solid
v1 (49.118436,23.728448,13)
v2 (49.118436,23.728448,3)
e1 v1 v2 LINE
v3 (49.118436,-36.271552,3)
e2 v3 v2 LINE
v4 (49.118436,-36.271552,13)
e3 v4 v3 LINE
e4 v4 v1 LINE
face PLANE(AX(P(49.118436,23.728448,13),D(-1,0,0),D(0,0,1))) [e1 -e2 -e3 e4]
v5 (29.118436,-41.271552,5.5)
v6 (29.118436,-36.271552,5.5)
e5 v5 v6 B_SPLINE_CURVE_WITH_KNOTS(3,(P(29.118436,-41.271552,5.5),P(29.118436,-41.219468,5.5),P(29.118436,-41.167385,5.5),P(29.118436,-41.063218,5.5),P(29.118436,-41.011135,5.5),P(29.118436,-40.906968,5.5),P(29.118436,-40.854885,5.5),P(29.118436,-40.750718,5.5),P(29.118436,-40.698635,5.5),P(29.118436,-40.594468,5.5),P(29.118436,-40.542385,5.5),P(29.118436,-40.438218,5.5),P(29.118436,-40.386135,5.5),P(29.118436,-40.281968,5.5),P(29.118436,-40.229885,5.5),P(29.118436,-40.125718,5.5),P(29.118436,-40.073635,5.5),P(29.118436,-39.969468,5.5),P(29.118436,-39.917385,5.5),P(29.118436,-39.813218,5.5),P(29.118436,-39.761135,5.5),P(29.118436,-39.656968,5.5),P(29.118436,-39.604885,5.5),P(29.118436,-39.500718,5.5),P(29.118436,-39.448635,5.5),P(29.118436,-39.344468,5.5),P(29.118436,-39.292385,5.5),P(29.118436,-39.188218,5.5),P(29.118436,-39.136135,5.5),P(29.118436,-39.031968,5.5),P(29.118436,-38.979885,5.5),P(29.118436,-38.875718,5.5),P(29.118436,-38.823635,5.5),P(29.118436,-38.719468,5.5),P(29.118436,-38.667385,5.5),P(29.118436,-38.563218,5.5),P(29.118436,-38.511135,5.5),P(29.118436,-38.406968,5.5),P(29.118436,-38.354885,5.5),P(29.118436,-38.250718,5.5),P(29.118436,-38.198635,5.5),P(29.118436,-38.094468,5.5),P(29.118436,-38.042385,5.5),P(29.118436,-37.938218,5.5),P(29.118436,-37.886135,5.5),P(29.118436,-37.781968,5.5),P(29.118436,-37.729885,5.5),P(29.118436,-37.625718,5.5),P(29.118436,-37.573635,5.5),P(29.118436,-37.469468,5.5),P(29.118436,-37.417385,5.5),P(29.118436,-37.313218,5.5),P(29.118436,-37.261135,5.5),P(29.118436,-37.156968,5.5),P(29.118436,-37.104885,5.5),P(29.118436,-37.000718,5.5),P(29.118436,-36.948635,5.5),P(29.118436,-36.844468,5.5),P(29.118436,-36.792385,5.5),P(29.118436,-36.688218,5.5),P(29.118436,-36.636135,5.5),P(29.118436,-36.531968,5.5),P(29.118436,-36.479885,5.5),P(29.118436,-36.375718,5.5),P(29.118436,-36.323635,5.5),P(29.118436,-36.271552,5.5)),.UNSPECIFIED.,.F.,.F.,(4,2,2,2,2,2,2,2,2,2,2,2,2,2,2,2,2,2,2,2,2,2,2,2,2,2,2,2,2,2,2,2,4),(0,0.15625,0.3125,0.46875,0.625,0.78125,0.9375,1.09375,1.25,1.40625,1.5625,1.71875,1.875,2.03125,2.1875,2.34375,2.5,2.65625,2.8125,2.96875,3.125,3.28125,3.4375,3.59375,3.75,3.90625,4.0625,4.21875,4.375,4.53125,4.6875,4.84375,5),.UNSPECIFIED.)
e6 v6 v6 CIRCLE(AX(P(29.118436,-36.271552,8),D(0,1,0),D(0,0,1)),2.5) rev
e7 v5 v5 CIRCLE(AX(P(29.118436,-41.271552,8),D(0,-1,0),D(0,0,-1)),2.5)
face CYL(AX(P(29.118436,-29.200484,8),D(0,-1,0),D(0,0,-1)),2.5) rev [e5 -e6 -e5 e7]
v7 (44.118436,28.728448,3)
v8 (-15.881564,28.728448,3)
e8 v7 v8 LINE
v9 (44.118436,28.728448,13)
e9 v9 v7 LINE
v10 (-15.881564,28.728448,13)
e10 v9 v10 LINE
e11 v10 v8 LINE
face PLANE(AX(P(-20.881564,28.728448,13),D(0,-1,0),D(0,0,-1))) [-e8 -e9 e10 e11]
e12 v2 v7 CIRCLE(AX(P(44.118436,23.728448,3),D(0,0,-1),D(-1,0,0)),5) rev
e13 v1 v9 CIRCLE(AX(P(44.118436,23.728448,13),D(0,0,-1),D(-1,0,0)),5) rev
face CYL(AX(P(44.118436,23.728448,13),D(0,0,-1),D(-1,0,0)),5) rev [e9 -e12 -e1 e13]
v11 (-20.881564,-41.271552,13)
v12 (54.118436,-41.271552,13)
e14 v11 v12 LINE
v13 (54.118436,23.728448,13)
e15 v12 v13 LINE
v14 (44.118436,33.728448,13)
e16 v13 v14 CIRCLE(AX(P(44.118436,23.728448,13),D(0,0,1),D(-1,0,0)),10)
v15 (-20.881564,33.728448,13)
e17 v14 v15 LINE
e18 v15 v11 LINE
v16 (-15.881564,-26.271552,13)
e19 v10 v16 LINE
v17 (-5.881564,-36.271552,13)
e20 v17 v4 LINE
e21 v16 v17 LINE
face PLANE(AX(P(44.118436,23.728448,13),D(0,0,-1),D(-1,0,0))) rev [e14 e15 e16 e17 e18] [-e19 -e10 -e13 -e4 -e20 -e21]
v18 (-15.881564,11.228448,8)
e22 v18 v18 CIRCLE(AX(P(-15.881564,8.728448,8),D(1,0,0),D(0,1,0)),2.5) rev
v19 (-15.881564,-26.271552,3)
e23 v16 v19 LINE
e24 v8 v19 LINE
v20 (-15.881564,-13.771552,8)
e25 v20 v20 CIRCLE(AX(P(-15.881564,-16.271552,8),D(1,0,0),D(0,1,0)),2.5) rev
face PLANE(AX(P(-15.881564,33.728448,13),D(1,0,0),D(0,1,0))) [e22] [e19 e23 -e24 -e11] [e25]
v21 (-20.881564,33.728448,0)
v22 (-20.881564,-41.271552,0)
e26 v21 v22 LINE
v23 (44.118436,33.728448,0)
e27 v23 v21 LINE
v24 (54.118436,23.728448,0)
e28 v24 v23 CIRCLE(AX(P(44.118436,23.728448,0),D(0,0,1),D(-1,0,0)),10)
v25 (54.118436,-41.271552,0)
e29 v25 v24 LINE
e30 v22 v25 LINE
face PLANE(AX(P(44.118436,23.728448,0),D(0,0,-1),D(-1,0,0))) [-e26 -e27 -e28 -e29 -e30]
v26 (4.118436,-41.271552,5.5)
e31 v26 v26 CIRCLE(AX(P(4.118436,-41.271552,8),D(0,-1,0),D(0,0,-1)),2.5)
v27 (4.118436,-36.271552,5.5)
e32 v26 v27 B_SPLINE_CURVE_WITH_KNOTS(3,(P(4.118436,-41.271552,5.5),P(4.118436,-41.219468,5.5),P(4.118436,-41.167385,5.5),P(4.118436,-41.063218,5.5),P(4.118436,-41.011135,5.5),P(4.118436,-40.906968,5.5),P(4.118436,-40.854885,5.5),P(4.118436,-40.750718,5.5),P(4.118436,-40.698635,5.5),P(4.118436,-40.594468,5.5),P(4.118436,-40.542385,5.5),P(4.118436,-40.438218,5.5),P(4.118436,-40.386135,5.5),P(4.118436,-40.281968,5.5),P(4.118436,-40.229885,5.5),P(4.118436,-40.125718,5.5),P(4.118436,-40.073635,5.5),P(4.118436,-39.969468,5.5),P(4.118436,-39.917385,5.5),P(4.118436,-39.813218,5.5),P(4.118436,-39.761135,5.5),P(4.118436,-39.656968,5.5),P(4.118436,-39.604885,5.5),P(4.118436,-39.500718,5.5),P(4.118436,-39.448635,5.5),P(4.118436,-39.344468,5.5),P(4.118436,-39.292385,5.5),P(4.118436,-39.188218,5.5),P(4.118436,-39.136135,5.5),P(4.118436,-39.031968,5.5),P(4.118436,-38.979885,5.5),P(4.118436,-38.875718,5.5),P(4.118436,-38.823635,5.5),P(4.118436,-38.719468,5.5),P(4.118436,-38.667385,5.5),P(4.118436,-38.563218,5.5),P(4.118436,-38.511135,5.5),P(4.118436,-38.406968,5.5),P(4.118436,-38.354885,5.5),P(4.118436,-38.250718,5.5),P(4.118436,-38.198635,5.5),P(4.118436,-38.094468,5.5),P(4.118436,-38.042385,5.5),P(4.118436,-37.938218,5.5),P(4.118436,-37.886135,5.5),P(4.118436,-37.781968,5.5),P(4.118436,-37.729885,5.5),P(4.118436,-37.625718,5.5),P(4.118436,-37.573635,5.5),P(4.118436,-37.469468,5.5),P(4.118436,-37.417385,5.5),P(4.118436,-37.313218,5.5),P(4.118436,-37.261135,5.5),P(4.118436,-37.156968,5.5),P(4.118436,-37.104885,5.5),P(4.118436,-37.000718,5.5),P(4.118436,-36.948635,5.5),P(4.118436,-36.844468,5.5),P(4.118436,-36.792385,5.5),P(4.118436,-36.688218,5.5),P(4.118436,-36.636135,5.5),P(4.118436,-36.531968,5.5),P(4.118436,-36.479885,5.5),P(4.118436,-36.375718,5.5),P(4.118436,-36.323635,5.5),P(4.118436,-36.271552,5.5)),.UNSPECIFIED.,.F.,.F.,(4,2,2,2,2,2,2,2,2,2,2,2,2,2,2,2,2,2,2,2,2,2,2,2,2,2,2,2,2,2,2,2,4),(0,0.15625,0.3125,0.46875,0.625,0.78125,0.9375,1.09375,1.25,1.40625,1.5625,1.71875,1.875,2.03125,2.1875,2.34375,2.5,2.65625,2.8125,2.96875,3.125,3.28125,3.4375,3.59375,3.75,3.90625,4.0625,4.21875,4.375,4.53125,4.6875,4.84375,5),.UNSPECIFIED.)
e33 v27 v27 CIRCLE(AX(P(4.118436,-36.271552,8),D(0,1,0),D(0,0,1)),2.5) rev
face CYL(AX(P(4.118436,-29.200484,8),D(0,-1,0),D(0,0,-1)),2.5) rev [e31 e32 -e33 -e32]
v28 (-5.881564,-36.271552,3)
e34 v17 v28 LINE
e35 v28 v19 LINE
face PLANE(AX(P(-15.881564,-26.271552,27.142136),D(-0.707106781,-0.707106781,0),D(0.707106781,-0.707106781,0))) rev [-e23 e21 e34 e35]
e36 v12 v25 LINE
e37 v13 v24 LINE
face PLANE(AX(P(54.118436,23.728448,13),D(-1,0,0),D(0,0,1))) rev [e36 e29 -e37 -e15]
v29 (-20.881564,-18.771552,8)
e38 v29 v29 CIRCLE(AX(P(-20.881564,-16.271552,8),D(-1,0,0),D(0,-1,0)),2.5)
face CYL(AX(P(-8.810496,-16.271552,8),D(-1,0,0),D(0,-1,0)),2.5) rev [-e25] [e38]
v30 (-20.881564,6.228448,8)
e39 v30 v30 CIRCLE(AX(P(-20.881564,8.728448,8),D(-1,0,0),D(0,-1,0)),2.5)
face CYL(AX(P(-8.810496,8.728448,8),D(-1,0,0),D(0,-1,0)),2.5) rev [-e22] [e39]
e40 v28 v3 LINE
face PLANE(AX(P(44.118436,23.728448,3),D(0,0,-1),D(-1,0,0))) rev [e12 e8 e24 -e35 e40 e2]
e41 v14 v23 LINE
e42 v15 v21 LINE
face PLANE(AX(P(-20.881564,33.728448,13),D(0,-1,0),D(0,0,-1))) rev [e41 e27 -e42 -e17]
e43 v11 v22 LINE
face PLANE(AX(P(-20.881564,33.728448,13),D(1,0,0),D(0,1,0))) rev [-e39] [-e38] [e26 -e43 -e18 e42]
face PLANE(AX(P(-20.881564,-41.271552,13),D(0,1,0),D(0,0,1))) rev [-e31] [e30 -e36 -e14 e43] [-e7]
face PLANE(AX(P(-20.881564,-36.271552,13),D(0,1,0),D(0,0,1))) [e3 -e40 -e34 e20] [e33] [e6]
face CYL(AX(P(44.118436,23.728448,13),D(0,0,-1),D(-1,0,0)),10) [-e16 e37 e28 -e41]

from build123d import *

# Parameters (mm, degrees)
BOSS_EXTRU_1_DEPTH       = 13
COQUE1_T                 = -5
COQUE1_THICKNESS_2_DEPTH = 2
ESQUISSE2_R              = 2.5
ENL_V_MAT_EXTRU_1_DEPTH  = 5
ESQUISSE3_R              = 2.5
ENL_V_MAT_EXTRU_2_DEPTH  = 5
BOSS_EXTRU_2_DEPTH       = 10


with BuildPart() as part:
    # Esquisse1 → Boss.-Extru.1 (new body)
    with BuildSketch(Plane.XY):
        with BuildLine():
            Line((-20.881563692, 33.728448276), (44.118436308, 33.728448276))
            ThreePointArc((44.118436308, 33.728448276), (51.18950412, 30.799516088), (54.118436308, 23.728448276))
            Line((54.118436308, 23.728448276), (54.118436308, -41.271551724))
            Line((54.118436308, -41.271551724), (-20.881563692, -41.271551724))
            Line((-20.881563692, -41.271551724), (-20.881563692, 33.728448276))
        make_face()
    extrude(amount=BOSS_EXTRU_1_DEPTH)

    # Coque1
    coque1_openings = [part.faces().sort_by_distance(p)[0] for p in [
        (16.483374946, -3.906613086, 13),
    ]]
    offset(amount=COQUE1_T, openings=coque1_openings, kind=Kind.INTERSECTION)

    # Coque1 thickness 2 face (on inner face of the shell) → Coque1 thickness 2 (cut)
    with BuildSketch(Plane(origin=(16.578534255, -3.811453777, 5), x_dir=(-1, 0, 0), z_dir=(0, 0, -1))):
        with BuildLine():
            Line((-27.539902053, 32.539902053), (32.460097947, 32.539902053))
            Line((32.460097947, 32.539902053), (32.460097947, -32.460097947))
            Line((32.460097947, -32.460097947), (-32.539902053, -32.460097947))
            Line((-32.539902053, -32.460097947), (-32.539902053, 27.539902053))
            ThreePointArc((-32.539902053, 27.539902053), (-31.075435959, 31.075435959), (-27.539902053, 32.539902053))
        make_face()
    extrude(amount=COQUE1_THICKNESS_2_DEPTH, mode=Mode.SUBTRACT)

    # Esquisse2 → Enlèv. mat.-Extru.1 (cut)
    with BuildSketch(Plane.ZY.offset(20.881563692)):
        with Locations(Location((8, -16.271551724, 0), (0, 0, 270))):
            Circle(ESQUISSE2_R)
        with Locations(Location((8, 8.728448276, 0), (0, 0, 270))):
            Circle(ESQUISSE2_R)
    extrude(amount=-ENL_V_MAT_EXTRU_1_DEPTH, mode=Mode.SUBTRACT)

    # Esquisse3 → Enlèv. mat.-Extru.2 (cut)
    with BuildSketch(Plane.XZ.offset(41.271551724)):
        with Locations(Location((4.118436308, 8, 0), (0, 0, 270))):
            Circle(ESQUISSE3_R)
        with Locations(Location((29.118436308, 8, 0), (0, 0, 270))):
            Circle(ESQUISSE3_R)
    extrude(amount=-ENL_V_MAT_EXTRU_2_DEPTH, mode=Mode.SUBTRACT)

    # Esquisse4 → Boss.-Extru.2 (add)
    with BuildSketch(Plane.XY.offset(3)):
        Polygon((-15.881563692, -26.271551724), (-5.881563692, -36.271551724), (-15.881563692, -36.271551724), align=None)
    extrude(amount=BOSS_EXTRU_2_DEPTH)


solid = part.part
